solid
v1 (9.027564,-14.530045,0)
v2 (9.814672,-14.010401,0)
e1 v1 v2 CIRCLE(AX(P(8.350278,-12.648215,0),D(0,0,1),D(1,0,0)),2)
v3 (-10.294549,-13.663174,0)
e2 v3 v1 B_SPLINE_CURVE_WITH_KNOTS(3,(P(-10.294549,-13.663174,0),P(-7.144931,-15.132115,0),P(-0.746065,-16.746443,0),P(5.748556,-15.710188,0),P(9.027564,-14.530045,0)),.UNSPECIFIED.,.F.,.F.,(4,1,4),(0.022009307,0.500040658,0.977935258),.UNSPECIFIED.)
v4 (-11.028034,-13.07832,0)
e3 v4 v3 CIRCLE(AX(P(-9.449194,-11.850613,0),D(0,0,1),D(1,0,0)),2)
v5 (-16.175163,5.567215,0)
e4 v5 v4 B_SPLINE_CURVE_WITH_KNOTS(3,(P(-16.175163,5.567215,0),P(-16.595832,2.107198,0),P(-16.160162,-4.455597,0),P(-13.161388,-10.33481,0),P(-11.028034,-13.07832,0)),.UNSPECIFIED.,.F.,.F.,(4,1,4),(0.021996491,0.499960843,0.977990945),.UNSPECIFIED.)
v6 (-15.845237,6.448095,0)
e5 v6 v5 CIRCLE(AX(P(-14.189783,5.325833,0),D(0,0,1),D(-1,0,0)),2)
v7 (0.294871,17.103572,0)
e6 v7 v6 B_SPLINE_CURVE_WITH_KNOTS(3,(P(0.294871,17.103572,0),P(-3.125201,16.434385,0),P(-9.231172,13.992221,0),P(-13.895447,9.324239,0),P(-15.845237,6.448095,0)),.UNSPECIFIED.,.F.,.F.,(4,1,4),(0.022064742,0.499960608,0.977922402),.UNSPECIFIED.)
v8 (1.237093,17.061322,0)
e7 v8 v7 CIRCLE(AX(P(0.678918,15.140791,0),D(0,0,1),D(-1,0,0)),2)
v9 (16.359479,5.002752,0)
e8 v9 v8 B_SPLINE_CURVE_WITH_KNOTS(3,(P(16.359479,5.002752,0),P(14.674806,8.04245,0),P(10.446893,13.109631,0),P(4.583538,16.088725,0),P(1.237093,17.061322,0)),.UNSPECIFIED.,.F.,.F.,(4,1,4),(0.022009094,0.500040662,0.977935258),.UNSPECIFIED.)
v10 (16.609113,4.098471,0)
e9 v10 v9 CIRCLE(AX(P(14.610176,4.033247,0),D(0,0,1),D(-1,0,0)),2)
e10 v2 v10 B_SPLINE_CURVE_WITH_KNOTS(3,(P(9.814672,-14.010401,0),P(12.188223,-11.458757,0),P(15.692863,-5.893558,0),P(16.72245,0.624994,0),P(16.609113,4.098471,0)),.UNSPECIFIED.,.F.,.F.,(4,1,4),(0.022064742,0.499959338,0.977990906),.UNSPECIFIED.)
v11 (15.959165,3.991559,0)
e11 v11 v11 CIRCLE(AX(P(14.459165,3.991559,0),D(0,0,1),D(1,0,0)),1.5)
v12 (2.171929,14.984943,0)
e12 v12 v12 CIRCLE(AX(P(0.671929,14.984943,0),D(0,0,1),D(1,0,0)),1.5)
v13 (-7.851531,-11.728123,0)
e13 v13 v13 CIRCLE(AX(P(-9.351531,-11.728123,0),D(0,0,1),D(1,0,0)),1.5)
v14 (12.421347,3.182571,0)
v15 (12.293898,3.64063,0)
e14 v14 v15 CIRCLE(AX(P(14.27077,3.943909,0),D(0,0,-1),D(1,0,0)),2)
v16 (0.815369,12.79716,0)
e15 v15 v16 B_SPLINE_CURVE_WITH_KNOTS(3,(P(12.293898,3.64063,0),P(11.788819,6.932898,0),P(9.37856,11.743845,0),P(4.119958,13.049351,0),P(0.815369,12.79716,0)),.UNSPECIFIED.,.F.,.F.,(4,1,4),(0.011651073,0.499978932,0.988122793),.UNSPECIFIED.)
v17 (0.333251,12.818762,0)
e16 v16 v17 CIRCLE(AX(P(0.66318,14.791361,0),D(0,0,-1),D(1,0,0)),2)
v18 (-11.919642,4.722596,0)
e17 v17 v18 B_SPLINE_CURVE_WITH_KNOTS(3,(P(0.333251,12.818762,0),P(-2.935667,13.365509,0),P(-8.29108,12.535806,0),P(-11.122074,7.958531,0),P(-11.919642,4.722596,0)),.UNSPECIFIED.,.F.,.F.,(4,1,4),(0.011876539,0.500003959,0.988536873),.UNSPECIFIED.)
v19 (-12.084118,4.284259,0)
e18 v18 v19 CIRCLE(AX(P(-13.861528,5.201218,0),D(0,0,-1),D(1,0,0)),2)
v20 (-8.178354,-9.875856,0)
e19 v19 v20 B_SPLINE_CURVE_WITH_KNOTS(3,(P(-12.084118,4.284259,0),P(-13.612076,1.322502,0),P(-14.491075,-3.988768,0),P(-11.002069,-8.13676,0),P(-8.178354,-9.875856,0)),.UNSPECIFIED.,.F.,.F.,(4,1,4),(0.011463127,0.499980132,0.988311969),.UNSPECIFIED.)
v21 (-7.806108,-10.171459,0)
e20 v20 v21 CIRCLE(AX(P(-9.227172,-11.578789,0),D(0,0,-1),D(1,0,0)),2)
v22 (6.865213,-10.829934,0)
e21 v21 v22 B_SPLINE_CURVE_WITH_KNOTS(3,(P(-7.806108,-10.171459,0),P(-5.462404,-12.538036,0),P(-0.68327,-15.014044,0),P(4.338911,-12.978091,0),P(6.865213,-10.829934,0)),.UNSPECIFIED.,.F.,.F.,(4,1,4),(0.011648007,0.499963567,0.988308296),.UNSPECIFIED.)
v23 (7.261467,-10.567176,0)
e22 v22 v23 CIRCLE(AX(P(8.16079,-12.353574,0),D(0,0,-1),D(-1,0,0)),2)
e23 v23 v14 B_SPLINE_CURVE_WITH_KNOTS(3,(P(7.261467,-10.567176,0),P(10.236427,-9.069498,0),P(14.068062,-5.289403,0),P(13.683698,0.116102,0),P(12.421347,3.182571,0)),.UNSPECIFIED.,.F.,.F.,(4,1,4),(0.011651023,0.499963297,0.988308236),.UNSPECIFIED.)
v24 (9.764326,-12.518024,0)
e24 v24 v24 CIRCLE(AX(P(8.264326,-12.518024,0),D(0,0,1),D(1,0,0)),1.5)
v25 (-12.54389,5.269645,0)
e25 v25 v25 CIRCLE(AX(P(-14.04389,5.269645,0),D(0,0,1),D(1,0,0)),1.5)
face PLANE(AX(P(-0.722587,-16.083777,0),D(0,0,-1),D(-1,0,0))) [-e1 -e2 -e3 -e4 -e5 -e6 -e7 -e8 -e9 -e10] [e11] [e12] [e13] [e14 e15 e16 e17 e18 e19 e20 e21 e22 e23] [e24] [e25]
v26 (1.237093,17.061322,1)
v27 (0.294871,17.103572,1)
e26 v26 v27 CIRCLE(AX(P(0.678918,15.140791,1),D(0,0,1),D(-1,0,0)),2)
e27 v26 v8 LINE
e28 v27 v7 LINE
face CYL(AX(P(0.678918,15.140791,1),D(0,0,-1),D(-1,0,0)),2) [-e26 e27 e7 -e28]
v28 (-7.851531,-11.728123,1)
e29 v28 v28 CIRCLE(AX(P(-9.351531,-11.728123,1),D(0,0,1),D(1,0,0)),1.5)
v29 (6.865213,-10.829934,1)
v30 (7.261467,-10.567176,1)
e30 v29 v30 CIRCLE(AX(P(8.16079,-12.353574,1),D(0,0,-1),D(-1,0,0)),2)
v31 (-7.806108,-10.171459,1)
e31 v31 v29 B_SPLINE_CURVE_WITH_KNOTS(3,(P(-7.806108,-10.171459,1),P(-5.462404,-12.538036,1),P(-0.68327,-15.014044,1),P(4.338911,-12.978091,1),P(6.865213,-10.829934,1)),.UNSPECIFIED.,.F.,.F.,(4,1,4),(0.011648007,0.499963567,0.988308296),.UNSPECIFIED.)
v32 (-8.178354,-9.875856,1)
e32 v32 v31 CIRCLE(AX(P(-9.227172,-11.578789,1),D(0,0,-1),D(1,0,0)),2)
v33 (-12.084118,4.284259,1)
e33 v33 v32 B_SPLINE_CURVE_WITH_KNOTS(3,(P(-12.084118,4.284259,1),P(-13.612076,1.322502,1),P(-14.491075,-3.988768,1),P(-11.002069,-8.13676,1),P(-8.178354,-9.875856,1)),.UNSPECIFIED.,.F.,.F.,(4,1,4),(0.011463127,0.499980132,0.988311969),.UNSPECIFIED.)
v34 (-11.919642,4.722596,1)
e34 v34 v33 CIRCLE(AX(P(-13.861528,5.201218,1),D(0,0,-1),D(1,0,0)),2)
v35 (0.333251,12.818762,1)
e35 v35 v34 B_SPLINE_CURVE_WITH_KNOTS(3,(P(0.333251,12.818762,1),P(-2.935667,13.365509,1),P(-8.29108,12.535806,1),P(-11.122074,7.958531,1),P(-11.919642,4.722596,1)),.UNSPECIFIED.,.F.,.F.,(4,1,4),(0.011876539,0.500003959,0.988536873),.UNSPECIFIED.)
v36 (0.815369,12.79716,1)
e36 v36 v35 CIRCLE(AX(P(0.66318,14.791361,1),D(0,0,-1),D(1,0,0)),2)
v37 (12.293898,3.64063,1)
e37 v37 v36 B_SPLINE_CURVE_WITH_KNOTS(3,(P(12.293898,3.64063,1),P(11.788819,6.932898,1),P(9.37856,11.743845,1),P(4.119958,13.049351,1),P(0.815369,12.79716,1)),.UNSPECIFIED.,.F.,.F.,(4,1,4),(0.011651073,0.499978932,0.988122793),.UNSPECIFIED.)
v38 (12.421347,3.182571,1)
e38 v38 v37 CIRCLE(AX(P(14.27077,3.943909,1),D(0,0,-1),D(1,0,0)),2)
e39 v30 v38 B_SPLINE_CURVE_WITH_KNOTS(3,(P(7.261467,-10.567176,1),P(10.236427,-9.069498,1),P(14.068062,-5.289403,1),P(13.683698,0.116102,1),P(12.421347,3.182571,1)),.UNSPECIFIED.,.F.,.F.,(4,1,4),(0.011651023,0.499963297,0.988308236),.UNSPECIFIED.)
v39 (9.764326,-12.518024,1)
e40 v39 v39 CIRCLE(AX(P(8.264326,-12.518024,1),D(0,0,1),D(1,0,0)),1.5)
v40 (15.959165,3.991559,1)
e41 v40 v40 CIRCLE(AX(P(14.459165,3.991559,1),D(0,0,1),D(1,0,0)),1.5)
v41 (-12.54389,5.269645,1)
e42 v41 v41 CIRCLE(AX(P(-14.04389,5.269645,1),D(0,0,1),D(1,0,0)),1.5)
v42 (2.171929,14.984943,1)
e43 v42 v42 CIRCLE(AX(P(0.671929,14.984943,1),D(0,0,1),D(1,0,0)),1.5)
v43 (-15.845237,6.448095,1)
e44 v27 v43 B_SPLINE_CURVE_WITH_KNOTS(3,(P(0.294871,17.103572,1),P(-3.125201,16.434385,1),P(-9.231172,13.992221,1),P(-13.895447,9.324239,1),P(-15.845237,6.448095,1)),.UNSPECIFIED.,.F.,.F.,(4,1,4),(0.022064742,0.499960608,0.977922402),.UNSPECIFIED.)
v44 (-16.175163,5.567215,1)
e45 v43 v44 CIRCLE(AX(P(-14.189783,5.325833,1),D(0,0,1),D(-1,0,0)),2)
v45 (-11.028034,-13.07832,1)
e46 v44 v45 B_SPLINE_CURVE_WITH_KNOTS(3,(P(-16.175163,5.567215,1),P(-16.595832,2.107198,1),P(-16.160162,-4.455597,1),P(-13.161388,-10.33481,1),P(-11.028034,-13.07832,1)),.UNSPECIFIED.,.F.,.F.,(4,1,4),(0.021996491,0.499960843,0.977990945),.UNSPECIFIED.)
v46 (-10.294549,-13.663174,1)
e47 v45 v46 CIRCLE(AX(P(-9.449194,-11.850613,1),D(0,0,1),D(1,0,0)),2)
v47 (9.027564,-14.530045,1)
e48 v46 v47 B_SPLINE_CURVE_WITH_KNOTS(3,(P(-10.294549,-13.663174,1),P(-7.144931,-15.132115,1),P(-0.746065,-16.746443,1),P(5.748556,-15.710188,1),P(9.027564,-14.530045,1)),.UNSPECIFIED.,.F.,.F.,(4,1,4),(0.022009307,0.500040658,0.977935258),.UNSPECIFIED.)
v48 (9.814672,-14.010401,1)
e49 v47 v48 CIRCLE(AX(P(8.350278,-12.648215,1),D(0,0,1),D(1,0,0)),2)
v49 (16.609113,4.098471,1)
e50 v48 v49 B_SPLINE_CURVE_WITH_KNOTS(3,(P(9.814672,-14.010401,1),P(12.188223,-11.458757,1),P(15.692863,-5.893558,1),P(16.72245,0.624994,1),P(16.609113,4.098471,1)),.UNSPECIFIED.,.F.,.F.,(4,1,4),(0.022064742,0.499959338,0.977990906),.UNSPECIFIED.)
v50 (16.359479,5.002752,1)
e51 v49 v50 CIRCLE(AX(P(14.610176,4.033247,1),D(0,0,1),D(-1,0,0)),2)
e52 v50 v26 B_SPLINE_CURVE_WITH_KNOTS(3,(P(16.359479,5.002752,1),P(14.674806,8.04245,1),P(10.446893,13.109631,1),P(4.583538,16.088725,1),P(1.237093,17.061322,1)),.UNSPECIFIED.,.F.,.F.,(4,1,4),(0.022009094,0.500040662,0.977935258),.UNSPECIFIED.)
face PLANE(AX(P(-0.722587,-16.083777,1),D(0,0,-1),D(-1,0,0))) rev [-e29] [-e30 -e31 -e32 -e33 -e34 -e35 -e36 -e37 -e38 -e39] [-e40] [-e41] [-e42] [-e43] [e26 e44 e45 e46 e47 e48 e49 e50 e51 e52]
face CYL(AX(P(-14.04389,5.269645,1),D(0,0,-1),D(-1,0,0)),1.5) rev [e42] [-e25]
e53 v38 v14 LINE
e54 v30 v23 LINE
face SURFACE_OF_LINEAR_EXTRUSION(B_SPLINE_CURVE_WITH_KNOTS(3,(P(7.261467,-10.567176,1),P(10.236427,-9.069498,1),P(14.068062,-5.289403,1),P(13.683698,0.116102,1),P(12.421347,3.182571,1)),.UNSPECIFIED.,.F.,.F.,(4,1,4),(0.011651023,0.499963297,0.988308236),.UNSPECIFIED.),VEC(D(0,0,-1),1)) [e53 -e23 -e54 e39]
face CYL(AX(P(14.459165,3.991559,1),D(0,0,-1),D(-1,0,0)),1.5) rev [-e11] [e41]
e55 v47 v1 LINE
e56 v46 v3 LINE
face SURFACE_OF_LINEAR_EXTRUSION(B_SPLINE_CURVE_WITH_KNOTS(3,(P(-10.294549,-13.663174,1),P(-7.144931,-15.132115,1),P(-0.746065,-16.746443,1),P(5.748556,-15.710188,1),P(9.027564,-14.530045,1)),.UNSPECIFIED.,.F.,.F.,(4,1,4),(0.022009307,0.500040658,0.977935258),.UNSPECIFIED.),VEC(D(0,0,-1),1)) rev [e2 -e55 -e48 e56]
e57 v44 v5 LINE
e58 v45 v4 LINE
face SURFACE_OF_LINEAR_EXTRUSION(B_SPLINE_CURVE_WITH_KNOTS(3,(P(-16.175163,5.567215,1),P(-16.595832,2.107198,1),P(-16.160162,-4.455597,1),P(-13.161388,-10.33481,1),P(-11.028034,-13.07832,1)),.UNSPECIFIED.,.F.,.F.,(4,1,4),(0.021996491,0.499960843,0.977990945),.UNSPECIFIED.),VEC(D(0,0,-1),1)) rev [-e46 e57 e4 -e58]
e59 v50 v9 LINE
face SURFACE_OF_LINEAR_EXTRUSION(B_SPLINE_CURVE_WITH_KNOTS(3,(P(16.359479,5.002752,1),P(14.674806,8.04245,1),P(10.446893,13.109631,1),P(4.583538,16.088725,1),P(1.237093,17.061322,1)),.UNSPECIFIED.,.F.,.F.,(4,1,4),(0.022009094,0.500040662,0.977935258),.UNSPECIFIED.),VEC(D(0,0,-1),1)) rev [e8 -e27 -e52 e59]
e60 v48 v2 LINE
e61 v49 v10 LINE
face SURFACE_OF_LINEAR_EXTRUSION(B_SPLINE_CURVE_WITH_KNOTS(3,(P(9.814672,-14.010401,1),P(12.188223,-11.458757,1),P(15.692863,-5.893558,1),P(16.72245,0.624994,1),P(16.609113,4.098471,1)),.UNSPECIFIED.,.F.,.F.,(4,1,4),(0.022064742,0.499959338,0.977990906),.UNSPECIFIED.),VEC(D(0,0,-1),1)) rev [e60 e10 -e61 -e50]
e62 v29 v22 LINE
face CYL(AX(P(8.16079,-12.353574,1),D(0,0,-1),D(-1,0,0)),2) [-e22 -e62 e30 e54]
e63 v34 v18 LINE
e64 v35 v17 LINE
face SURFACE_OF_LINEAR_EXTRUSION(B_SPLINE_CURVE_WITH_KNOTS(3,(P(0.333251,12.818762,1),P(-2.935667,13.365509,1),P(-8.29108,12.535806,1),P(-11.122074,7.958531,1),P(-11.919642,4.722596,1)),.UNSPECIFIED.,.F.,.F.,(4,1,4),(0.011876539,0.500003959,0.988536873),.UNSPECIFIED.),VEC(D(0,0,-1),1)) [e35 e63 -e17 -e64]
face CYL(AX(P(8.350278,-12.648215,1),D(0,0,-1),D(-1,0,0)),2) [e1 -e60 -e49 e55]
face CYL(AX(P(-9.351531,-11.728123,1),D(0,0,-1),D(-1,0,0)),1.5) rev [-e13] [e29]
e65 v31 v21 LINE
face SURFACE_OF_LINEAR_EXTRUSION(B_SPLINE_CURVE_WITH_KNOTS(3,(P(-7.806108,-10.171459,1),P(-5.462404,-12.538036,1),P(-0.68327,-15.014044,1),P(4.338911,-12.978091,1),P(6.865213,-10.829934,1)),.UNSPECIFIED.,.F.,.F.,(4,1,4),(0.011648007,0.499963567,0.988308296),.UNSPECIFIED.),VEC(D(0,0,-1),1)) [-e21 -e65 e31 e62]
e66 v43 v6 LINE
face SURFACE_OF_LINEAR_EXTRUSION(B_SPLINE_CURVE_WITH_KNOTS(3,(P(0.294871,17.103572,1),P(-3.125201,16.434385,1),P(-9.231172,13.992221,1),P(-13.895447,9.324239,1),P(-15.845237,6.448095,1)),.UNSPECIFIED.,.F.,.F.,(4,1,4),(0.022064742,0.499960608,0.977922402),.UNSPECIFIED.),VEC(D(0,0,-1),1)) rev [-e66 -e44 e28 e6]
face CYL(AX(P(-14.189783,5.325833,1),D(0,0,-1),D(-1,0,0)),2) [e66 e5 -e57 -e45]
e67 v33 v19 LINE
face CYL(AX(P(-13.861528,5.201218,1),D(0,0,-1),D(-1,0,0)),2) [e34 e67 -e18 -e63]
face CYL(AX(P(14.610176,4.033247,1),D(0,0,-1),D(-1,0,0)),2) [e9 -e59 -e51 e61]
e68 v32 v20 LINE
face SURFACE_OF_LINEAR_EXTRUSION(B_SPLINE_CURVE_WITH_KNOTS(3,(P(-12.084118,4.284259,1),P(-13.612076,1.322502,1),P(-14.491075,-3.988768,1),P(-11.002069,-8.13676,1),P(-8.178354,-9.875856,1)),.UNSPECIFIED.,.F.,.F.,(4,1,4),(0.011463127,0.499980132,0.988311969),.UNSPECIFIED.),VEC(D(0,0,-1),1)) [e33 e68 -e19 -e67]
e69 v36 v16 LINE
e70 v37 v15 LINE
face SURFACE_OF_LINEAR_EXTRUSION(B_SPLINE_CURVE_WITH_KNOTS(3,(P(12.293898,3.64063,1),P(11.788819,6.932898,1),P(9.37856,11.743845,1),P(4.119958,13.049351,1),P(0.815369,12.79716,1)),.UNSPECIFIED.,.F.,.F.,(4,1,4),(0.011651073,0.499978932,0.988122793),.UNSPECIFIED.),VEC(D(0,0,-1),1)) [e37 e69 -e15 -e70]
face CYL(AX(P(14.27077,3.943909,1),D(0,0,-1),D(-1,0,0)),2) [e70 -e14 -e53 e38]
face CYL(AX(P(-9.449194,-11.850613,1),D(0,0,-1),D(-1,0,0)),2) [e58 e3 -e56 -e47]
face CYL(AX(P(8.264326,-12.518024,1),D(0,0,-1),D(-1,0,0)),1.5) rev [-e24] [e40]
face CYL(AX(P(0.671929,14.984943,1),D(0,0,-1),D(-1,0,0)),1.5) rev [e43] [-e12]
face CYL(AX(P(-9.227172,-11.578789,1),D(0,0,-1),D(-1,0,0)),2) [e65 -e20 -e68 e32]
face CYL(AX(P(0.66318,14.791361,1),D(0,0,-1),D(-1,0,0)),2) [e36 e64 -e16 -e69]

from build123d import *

# Parameters (mm, degrees)
SKETCH_1_R      = 1.5
EXTRUDE_1_DEPTH = 1


with BuildPart() as part:
    # 草图1 → 凸台-拉伸1 (new body)
    with BuildSketch(Plane.XY):
        with BuildLine():
            ThreePointArc((9.027564348, -14.530044737), (9.452188044, -14.317284831), (9.814671703, -14.010401047))
            add(Edge.make_bspline(
                [(9.814671703, -14.010401047), (12.18822328, -11.458756692), (15.692863494, -5.893557839), (16.722450019, 0.624994049), (16.609112546, 4.098471157)],
                knots=[0.022064742, 0.022064742, 0.022064742, 0.022064742, 0.499959338, 0.977990906, 0.977990906, 0.977990906, 0.977990906], degree=3))
            ThreePointArc((16.609112546, 4.098471157), (16.53806505, 4.565454975), (16.359479137, 5.002752018))
            add(Edge.make_bspline(
                [(16.359479137, 5.002752018), (14.674806415, 8.042450428), (10.446892996, 13.109630634), (4.583537519, 16.088725104), (1.237093036, 17.061322309)],
                knots=[0.022009094, 0.022009094, 0.022009094, 0.022009094, 0.500040662, 0.977935258, 0.977935258, 0.977935258, 0.977935258], degree=3))
            ThreePointArc((1.237093036, 17.061322309), (0.768508115, 17.138783476), (0.294870912, 17.103571828))
            add(Edge.make_bspline(
                [(0.294870912, 17.103571828), (-3.125200659, 16.434385016), (-9.231172481, 13.992221488), (-13.895447236, 9.324238792), (-15.845236863, 6.448095314)],
                knots=[0.022064742, 0.022064742, 0.022064742, 0.022064742, 0.499960608, 0.977922402, 0.977922402, 0.977922402, 0.977922402], degree=3))
            ThreePointArc((-15.845236863, 6.448095314), (-16.062723303, 6.027327569), (-16.175163145, 5.567215485))
            add(Edge.make_bspline(
                [(-16.175163145, 5.567215485), (-16.595831692, 2.107197873), (-16.160161694, -4.45559692), (-13.161387867, -10.33481003), (-11.028034261, -13.078319909)],
                knots=[0.021996491, 0.021996491, 0.021996491, 0.021996491, 0.499960843, 0.977990945, 0.977990945, 0.977990945, 0.977990945], degree=3))
            ThreePointArc((-11.028034261, -13.078319909), (-10.696067568, -13.414360903), (-10.294548569, -13.663173939))
            add(Edge.make_bspline(
                [(-10.294548569, -13.663173939), (-7.144931204, -15.132114571), (-0.746064836, -16.746443383), (5.74855557, -15.710187793), (9.027564348, -14.530044737)],
                knots=[0.022009307, 0.022009307, 0.022009307, 0.022009307, 0.500040658, 0.977935258, 0.977935258, 0.977935258, 0.977935258], degree=3))
        make_face()
        with Locations((8.264326198, -12.518023506)):
            Circle(SKETCH_1_R, mode=Mode.SUBTRACT)
        with Locations((-9.351530584, -11.728123283)):
            Circle(SKETCH_1_R, mode=Mode.SUBTRACT)
        with Locations((-14.043889946, 5.269644693)):
            Circle(SKETCH_1_R, mode=Mode.SUBTRACT)
        with Locations((0.671929263, 14.984942812)):
            Circle(SKETCH_1_R, mode=Mode.SUBTRACT)
        with Locations((14.459165069, 3.991559284)):
            Circle(SKETCH_1_R, mode=Mode.SUBTRACT)
        with BuildLine():
            ThreePointArc((-12.084118167, 4.284259186), (-11.989009709, 4.498598439), (-11.919642267, 4.722596412))
            add(Edge.make_bspline(
                [(0.333250802, 12.818762133), (-2.935666702, 13.36550918), (-8.291080057, 12.535805727), (-11.122073794, 7.958530689), (-11.919642267, 4.722596412)],
                knots=[0.011876539, 0.011876539, 0.011876539, 0.011876539, 0.500003959, 0.988536873, 0.988536873, 0.988536873, 0.988536873], degree=3))
            ThreePointArc((0.333250802, 12.818762133), (0.573655745, 12.793365714), (0.815368633, 12.797159765))
            add(Edge.make_bspline(
                [(12.293898461, 3.640629682), (11.788818781, 6.932897703), (9.378560044, 11.743845098), (4.119958064, 13.049350775), (0.815368633, 12.797159765)],
                knots=[0.011651073, 0.011651073, 0.011651073, 0.011651073, 0.499978932, 0.988122793, 0.988122793, 0.988122793, 0.988122793], degree=3))
            ThreePointArc((12.293898461, 3.640629682), (12.343962742, 3.407799774), (12.421347321, 3.182571388))
            add(Edge.make_bspline(
                [(7.261467235, -10.567176253), (10.236427241, -9.069498048), (14.068062226, -5.28940284), (13.683697639, 0.116101841), (12.421347321, 3.182571388)],
                knots=[0.011651023, 0.011651023, 0.011651023, 0.011651023, 0.499963297, 0.988308236, 0.988308236, 0.988308236, 0.988308236], degree=3))
            ThreePointArc((7.261467235, -10.567176253), (7.05550434, -10.686738072), (6.865213221, -10.829933857))
            add(Edge.make_bspline(
                [(-7.806108488, -10.171458919), (-5.462403522, -12.538035871), (-0.683269899, -15.014043888), (4.338910959, -12.978090664), (6.865213221, -10.829933857)],
                knots=[0.011648007, 0.011648007, 0.011648007, 0.011648007, 0.499963567, 0.988308296, 0.988308296, 0.988308296, 0.988308296], degree=3))
            ThreePointArc((-7.806108488, -10.171458919), (-7.983418072, -10.012559189), (-8.178354084, -9.875855991))
            add(Edge.make_bspline(
                [(-12.084118167, 4.284259186), (-13.612076453, 1.322501907), (-14.491074702, -3.988767844), (-11.002068971, -8.136759896), (-8.178354084, -9.875855991)],
                knots=[0.011463127, 0.011463127, 0.011463127, 0.011463127, 0.499980132, 0.988311969, 0.988311969, 0.988311969, 0.988311969], degree=3))
        make_face(mode=Mode.SUBTRACT)
    extrude(amount=EXTRUDE_1_DEPTH)


solid = part.part
